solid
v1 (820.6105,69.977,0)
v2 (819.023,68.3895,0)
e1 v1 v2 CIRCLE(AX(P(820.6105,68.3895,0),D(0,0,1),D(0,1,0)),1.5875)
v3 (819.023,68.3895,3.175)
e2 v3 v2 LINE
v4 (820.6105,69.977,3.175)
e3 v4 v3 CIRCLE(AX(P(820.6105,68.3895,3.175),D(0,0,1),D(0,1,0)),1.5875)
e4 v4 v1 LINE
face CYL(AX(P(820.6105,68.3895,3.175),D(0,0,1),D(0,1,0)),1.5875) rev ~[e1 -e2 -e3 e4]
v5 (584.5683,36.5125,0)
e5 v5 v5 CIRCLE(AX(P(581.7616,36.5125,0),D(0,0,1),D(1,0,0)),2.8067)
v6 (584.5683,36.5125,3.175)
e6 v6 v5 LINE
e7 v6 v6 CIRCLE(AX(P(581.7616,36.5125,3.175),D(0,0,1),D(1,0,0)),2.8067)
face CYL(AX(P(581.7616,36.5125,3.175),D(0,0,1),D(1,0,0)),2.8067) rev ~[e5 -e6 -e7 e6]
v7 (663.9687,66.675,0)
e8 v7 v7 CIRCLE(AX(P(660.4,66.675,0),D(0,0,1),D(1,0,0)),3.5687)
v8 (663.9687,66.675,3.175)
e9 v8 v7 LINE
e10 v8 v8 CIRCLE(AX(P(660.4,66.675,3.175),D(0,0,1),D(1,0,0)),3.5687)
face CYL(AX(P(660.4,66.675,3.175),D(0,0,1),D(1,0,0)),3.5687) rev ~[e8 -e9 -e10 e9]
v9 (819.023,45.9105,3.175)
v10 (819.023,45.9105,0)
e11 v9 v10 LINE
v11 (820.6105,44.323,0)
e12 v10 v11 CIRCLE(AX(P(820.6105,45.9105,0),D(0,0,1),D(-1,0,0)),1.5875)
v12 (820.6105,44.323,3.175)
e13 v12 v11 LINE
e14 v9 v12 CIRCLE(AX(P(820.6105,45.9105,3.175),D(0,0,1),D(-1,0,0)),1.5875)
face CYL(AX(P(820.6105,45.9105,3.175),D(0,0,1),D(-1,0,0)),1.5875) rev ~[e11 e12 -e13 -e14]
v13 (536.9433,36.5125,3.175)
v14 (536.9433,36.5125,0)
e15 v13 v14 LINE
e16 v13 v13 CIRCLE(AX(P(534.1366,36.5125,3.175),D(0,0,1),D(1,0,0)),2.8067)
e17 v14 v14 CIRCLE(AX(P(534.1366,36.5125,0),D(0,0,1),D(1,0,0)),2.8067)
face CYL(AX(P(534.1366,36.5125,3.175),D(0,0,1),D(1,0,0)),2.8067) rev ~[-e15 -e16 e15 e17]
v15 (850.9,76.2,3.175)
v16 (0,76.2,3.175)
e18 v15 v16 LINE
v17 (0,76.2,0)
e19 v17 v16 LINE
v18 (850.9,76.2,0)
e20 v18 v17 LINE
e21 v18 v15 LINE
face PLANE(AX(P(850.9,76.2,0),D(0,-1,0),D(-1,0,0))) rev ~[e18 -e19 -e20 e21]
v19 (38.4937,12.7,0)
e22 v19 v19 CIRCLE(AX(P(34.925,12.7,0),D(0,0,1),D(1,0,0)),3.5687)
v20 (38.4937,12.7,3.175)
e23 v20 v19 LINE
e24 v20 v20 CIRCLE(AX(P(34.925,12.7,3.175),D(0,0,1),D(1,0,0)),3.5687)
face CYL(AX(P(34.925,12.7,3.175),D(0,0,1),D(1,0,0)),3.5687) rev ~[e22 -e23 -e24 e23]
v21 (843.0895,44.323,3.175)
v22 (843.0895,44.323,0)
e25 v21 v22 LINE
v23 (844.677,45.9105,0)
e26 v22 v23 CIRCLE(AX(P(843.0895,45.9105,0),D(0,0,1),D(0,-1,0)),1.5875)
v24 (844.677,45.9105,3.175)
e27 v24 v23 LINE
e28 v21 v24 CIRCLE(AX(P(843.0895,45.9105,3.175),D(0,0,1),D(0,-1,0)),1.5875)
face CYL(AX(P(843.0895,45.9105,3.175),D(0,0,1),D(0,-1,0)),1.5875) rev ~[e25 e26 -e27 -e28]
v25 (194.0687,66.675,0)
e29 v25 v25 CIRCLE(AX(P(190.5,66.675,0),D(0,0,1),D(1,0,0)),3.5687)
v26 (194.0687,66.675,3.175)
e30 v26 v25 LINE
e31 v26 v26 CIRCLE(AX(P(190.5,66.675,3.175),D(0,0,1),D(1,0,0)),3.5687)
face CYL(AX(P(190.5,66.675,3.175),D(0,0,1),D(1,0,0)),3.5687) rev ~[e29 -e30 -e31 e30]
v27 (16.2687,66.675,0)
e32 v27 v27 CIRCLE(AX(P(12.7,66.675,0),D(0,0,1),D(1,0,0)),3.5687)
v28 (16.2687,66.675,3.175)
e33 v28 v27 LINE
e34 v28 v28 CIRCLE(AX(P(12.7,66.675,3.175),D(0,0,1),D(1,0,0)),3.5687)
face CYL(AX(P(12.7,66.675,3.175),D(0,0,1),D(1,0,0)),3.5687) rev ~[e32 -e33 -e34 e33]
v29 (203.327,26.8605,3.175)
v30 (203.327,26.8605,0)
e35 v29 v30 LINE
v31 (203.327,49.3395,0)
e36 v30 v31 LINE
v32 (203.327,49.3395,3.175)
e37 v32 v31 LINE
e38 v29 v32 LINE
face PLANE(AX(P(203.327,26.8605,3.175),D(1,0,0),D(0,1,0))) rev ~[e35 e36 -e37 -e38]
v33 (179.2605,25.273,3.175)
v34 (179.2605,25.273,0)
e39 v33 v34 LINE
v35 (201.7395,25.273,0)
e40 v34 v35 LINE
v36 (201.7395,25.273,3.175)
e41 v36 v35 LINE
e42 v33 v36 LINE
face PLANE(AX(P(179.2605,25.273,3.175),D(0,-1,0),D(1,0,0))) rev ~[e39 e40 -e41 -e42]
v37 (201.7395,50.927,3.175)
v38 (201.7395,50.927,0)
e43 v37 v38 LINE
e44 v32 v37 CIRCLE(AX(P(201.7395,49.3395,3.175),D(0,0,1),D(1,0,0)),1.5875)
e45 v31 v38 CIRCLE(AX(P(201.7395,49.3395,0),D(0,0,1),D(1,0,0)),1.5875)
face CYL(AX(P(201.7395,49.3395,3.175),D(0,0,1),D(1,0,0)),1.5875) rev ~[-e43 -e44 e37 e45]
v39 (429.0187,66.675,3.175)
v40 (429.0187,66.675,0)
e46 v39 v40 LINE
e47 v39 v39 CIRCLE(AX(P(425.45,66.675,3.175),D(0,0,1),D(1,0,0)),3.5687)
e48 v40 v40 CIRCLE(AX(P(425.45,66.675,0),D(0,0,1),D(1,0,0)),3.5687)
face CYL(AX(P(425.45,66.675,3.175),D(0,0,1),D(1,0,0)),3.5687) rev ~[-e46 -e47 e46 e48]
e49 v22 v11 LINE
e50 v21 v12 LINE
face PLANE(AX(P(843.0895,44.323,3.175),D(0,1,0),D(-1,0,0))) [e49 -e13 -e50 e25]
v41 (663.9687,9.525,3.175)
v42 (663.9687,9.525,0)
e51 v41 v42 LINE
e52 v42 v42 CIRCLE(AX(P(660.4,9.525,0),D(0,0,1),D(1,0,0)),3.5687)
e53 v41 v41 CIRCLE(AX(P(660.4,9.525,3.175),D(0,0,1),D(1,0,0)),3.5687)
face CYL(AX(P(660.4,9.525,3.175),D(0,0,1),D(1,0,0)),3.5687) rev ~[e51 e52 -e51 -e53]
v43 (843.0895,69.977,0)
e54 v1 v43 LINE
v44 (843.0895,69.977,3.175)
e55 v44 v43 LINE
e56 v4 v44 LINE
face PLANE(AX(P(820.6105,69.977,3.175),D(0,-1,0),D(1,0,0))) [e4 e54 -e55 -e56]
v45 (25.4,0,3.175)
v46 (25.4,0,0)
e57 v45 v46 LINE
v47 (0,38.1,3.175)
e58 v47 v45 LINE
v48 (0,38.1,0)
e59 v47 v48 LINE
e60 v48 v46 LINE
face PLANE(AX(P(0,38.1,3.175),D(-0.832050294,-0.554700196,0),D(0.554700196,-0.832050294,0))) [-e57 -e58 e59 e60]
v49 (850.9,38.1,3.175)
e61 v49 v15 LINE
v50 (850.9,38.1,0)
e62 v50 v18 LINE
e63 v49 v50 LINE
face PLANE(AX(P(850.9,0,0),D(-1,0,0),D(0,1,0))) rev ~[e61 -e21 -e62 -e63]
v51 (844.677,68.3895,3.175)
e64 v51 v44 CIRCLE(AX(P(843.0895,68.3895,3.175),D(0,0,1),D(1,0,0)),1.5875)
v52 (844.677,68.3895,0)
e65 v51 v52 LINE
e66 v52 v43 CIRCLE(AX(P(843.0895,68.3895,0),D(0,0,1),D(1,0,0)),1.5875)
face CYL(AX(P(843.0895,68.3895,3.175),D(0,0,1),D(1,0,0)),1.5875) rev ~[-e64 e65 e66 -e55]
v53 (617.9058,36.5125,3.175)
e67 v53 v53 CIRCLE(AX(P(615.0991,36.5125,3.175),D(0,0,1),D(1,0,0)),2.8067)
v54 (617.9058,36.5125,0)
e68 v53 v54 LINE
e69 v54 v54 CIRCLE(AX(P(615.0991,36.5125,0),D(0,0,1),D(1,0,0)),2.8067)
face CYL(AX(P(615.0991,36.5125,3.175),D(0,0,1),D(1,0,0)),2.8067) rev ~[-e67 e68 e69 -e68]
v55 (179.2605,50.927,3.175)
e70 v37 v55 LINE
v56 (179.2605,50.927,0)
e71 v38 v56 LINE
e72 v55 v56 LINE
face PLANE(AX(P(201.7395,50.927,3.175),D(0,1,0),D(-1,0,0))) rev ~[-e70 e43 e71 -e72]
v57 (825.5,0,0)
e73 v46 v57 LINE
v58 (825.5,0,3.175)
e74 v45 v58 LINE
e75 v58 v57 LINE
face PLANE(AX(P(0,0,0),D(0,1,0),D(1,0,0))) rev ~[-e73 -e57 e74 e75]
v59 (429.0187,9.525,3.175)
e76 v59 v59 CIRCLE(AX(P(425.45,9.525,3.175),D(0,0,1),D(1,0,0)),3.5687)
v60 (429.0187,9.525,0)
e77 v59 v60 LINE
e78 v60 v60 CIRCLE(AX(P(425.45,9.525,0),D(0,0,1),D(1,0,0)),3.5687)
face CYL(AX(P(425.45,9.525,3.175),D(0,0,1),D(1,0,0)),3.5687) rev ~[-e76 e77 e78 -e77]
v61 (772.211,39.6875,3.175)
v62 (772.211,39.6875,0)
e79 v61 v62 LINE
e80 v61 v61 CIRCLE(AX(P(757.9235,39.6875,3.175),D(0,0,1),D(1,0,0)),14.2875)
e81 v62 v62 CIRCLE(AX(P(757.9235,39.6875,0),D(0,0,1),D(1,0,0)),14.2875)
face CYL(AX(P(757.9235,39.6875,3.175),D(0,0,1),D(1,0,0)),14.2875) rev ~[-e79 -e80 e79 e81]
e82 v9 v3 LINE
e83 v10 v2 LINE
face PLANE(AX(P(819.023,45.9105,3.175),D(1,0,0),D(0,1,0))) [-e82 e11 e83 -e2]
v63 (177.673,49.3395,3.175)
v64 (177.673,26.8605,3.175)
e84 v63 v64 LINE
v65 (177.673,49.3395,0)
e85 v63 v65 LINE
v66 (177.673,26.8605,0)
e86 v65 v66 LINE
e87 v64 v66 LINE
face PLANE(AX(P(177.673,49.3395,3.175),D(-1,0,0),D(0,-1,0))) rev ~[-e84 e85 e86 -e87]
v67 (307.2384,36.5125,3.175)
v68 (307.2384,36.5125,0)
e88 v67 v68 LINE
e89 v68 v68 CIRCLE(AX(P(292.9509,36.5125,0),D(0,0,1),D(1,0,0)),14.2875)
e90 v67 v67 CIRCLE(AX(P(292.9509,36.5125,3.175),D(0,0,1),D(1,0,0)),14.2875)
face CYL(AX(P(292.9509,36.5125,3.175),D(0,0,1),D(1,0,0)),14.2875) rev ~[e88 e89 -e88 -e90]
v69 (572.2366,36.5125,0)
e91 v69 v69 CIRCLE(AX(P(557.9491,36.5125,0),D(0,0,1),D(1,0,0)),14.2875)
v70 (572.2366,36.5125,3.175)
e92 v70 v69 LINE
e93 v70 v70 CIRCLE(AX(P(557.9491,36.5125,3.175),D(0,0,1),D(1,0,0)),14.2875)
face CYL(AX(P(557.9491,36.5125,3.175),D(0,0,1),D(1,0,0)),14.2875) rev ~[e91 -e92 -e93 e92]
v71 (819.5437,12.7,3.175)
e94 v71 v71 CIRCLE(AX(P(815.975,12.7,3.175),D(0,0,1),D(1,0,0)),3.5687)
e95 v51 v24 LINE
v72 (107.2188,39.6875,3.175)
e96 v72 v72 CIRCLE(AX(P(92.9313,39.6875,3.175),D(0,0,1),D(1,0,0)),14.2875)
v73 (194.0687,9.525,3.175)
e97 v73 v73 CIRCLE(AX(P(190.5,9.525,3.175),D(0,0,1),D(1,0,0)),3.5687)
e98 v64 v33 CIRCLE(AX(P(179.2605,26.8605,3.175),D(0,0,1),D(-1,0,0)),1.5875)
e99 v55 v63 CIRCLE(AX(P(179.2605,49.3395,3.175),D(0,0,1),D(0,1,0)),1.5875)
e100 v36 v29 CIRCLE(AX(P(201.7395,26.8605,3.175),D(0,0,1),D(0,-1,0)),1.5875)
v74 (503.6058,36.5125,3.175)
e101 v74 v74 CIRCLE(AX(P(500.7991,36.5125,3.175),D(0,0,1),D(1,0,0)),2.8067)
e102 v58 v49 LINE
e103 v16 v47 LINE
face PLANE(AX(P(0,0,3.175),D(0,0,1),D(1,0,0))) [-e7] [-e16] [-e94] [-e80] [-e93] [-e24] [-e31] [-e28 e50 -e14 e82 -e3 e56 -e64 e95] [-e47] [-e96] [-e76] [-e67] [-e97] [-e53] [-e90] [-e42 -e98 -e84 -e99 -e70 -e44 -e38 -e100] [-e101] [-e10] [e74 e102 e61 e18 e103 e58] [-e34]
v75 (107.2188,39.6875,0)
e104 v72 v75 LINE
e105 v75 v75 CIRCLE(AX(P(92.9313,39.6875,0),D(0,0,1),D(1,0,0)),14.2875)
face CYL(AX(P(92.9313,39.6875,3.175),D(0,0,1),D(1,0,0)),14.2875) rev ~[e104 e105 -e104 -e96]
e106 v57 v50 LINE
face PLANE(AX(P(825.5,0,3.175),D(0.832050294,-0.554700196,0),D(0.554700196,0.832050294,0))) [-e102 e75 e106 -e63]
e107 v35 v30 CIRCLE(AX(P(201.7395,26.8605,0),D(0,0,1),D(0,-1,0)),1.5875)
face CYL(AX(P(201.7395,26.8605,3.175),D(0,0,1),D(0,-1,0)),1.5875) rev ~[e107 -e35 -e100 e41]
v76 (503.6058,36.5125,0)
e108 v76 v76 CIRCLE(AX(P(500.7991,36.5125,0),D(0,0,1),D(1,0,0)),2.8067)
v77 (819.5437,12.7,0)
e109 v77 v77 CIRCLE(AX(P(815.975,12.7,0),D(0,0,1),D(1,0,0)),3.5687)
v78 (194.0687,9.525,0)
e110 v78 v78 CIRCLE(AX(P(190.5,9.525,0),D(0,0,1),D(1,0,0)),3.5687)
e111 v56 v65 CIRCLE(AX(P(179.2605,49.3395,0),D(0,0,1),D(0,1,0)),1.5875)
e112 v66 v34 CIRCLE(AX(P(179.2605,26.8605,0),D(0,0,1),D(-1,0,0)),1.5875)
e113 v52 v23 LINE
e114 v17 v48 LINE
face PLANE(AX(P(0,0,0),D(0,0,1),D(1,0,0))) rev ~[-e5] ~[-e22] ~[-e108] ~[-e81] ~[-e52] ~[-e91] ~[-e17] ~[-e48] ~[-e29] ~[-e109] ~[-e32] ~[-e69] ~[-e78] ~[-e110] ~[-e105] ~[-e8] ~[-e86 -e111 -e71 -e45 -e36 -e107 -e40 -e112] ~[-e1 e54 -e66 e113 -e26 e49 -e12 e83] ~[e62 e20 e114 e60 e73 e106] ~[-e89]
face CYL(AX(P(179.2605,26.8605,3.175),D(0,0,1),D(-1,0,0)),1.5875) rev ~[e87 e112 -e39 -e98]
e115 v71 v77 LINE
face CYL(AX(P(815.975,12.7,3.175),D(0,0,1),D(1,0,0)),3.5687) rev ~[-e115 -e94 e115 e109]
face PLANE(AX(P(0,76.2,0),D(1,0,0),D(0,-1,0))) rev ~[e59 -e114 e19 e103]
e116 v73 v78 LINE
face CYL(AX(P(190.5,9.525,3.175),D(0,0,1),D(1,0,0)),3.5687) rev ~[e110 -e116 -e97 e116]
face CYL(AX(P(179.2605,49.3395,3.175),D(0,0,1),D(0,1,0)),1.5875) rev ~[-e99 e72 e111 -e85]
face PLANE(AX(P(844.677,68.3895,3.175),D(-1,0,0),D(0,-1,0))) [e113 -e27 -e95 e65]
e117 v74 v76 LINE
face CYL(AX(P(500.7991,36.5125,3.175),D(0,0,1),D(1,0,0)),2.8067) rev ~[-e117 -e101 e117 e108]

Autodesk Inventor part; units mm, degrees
ref_plane "YZ Plane" through (0, 0, 0) normal (1, 0, 0) x (0, 1, 0)
ref_plane "XZ Plane" through (0, 0, 0) normal (0, 1, 0) x (-1, 0, 0)
ref_plane "XY Plane" through (0, 0, 0) normal (0, 0, 1) x (1, 0, 0)
sketch "Sketch1" plane through (0, 0, 0) normal (0, 0, 1) x (1, 0, 0)
  line L0 (0, 0) -> (850.9, 0)
  line L1 (850.9, 0) -> (850.9, 76.2)
  line L2 (850.9, 76.2) -> (0, 76.2)
  line L3 (0, 76.2) -> (0, 0)
  dimension "d0" = 850.9
  dimension "d1" = 76.2
extrude "Extrusion1" add sketch "Sketch1" along normal blind 3.175
sketch "Sketch2" plane through (0, 0, 3.175) normal (0, 0, 1) x (1, 0, 0)
  line L0 (0, 0) -> (850.9, 0) projected
  circle A0 centre (292.9509, 36.5125) radius 14.2875
  circle A1 centre (557.9491, 36.5125) radius 14.2875
  circle A2 centre (92.9313, 39.6875) radius 14.2875
  circle A3 centre (757.9235, 39.6875) radius 14.2875
  line L1 (0, 0) -> (25.4, 0)
  line L2 (0, 0) -> (0, 38.1)
  line L3 (0, 76.2) -> (0, 0) projected
  line L4 (0, 38.1) -> (25.4, 0)
  circle A4 centre (34.925, 12.7) radius 3.5687
  circle A5 centre (12.7, 66.675) radius 3.5687
  line L5 (850.9, 76.2) -> (0, 76.2) projected
  line L6 (850.9, 0) -> (850.9, 38.1)
  line L7 (850.9, 0) -> (850.9, 76.2) projected
  line L8 (850.9, 0) -> (825.5, 0)
  line L9 (825.5, 0) -> (850.9, 38.1)
  circle A6 centre (190.5, 38.1) radius 3.5687
  line L10 (825.5, 0) -> (800.1, 0)
  circle A7 centre (815.975, 12.7) radius 3.5687
  circle A8 centre (831.85, 57.15) radius 3.5687
  circle A9 centre (425.45, 66.675) radius 3.5687
  circle A10 centre (425.45, 9.525) radius 3.5687
  circle A11 centre (190.5, 9.525) radius 3.5687
  circle A12 centre (190.5, 66.675) radius 3.5687
  circle A13 centre (660.4, 66.675) radius 3.5687
  circle A14 centre (660.4, 9.525) radius 3.5687
  dimension "d10" = 28.575
  dimension "d23" = 28.575
  dimension "d30" = 28.575
  dimension "d32" = 28.575
  dimension "d34" = 25.4
  dimension "d35" = 38.1
  dimension "d36" = 7.1374
  dimension "d37" = 12.7
  dimension "d38" = 9.525
  dimension "d40" = 7.1374
  dimension "d41" = 12.7
  dimension "d42" = 9.525
  dimension "d43" = 38.1
  dimension "d44" = 25.4
  dimension "d53" = 7.1374
  dimension "d54" = 38.1
  dimension "d55" = 190.5
  dimension "d59" = 7.1374
  dimension "d60" = 12.7
  dimension "d61" = 9.525
  dimension "d66" = 7.1374
  dimension "d67" = 7.1374
  dimension "d68" = 9.525
  dimension "d69" = 425.45
  dimension "d70" = 7.1374
  dimension "d71" = 9.525
  dimension "d72" = 425.45
  dimension "d73" = 7.1374
  dimension "d74" = 7.1374
  dimension "d75" = 9.525
  dimension "d76" = 9.525
  dimension "d77" = 190.5
  dimension "d78" = 190.5
  dimension "d79" = 7.1374
  dimension "d80" = 7.1374
  dimension "d81" = 9.525
  dimension "d82" = 9.525
  dimension "d83" = 190.5
  dimension "d84" = 190.5
extrude "Extrusion2" cut sketch "Sketch2" against normal blind 3.175 contours L2 L4 L0 | L9 L6 L0 | A0 | A1 | A2 | A3 | A4 | A5 | A6 | A7 | A8 | A9 | A10 | A11 | A12 | A13 | A14
sketch "Sketch3" plane through (0, 0, 3.175) normal (0, 0, 1) x (1, 0, 0)
  circle A0 centre (190.5, 38.1) radius 3.5687 projected
  circle A1 centre (831.85, 57.15) radius 3.5687 projected
  line L0 (179.2605, 25.273) -> (201.7395, 25.273)
  line L1 (203.327, 26.8605) -> (203.327, 49.3395)
  line L2 (201.7395, 50.927) -> (179.2605, 50.927)
  line L3 (177.673, 49.3395) -> (177.673, 26.8605)
  line L4 (177.673, 25.273) -> (203.327, 50.927) construction
  line L5 (203.327, 25.273) -> (177.673, 50.927) construction
  line L6 (843.0895, 44.323) -> (820.6105, 44.323)
  line L7 (819.023, 45.9105) -> (819.023, 68.3895)
  line L8 (820.6105, 69.977) -> (843.0895, 69.977)
  line L9 (844.677, 68.3895) -> (844.677, 45.9105)
  line L10 (844.677, 44.323) -> (819.023, 69.977) construction
  line L11 (819.023, 44.323) -> (844.677, 69.977) construction
  circle A2 centre (581.7616, 36.5125) radius 2.8067
  circle A3 centre (534.1366, 36.5125) radius 2.8067
  circle A4 centre (500.7991, 36.5125) radius 2.8067
  circle A5 centre (615.0991, 36.5125) radius 2.8067
  arc A6 (179.2605, 50.927) -> (177.673, 49.3395) centre (179.2605, 49.3395) ccw
  arc A7 (203.327, 49.3395) -> (201.7395, 50.927) centre (201.7395, 49.3395) ccw
  arc A8 (201.7395, 25.273) -> (203.327, 26.8605) centre (201.7395, 26.8605) ccw
  arc A9 (177.673, 26.8605) -> (179.2605, 25.273) centre (179.2605, 26.8605) ccw
  arc A10 (820.6105, 69.977) -> (819.023, 68.3895) centre (820.6105, 68.3895) ccw
  arc A11 (844.677, 68.3895) -> (843.0895, 69.977) centre (843.0895, 68.3895) ccw
  arc A12 (843.0895, 44.323) -> (844.677, 45.9105) centre (843.0895, 45.9105) ccw
  arc A13 (819.023, 45.9105) -> (820.6105, 44.323) centre (820.6105, 45.9105) ccw
  point P0 (0, 0)
  dimension "d88" = 25.654
  dimension "d89" = 25.654
  dimension "d90" = 25.654
  dimension "d91" = 25.654
  dimension "d93" = 5.6134
  dimension "d94" = 5.6134
  dimension "d96" = 5.6134
  dimension "d97" = 5.6134
  dimension "d98" = 1.5875
extrude "Extrusion4" cut sketch "Sketch3" against normal blind 25.4
properties part number "InsidePlate" material "Aluminum 6061"
